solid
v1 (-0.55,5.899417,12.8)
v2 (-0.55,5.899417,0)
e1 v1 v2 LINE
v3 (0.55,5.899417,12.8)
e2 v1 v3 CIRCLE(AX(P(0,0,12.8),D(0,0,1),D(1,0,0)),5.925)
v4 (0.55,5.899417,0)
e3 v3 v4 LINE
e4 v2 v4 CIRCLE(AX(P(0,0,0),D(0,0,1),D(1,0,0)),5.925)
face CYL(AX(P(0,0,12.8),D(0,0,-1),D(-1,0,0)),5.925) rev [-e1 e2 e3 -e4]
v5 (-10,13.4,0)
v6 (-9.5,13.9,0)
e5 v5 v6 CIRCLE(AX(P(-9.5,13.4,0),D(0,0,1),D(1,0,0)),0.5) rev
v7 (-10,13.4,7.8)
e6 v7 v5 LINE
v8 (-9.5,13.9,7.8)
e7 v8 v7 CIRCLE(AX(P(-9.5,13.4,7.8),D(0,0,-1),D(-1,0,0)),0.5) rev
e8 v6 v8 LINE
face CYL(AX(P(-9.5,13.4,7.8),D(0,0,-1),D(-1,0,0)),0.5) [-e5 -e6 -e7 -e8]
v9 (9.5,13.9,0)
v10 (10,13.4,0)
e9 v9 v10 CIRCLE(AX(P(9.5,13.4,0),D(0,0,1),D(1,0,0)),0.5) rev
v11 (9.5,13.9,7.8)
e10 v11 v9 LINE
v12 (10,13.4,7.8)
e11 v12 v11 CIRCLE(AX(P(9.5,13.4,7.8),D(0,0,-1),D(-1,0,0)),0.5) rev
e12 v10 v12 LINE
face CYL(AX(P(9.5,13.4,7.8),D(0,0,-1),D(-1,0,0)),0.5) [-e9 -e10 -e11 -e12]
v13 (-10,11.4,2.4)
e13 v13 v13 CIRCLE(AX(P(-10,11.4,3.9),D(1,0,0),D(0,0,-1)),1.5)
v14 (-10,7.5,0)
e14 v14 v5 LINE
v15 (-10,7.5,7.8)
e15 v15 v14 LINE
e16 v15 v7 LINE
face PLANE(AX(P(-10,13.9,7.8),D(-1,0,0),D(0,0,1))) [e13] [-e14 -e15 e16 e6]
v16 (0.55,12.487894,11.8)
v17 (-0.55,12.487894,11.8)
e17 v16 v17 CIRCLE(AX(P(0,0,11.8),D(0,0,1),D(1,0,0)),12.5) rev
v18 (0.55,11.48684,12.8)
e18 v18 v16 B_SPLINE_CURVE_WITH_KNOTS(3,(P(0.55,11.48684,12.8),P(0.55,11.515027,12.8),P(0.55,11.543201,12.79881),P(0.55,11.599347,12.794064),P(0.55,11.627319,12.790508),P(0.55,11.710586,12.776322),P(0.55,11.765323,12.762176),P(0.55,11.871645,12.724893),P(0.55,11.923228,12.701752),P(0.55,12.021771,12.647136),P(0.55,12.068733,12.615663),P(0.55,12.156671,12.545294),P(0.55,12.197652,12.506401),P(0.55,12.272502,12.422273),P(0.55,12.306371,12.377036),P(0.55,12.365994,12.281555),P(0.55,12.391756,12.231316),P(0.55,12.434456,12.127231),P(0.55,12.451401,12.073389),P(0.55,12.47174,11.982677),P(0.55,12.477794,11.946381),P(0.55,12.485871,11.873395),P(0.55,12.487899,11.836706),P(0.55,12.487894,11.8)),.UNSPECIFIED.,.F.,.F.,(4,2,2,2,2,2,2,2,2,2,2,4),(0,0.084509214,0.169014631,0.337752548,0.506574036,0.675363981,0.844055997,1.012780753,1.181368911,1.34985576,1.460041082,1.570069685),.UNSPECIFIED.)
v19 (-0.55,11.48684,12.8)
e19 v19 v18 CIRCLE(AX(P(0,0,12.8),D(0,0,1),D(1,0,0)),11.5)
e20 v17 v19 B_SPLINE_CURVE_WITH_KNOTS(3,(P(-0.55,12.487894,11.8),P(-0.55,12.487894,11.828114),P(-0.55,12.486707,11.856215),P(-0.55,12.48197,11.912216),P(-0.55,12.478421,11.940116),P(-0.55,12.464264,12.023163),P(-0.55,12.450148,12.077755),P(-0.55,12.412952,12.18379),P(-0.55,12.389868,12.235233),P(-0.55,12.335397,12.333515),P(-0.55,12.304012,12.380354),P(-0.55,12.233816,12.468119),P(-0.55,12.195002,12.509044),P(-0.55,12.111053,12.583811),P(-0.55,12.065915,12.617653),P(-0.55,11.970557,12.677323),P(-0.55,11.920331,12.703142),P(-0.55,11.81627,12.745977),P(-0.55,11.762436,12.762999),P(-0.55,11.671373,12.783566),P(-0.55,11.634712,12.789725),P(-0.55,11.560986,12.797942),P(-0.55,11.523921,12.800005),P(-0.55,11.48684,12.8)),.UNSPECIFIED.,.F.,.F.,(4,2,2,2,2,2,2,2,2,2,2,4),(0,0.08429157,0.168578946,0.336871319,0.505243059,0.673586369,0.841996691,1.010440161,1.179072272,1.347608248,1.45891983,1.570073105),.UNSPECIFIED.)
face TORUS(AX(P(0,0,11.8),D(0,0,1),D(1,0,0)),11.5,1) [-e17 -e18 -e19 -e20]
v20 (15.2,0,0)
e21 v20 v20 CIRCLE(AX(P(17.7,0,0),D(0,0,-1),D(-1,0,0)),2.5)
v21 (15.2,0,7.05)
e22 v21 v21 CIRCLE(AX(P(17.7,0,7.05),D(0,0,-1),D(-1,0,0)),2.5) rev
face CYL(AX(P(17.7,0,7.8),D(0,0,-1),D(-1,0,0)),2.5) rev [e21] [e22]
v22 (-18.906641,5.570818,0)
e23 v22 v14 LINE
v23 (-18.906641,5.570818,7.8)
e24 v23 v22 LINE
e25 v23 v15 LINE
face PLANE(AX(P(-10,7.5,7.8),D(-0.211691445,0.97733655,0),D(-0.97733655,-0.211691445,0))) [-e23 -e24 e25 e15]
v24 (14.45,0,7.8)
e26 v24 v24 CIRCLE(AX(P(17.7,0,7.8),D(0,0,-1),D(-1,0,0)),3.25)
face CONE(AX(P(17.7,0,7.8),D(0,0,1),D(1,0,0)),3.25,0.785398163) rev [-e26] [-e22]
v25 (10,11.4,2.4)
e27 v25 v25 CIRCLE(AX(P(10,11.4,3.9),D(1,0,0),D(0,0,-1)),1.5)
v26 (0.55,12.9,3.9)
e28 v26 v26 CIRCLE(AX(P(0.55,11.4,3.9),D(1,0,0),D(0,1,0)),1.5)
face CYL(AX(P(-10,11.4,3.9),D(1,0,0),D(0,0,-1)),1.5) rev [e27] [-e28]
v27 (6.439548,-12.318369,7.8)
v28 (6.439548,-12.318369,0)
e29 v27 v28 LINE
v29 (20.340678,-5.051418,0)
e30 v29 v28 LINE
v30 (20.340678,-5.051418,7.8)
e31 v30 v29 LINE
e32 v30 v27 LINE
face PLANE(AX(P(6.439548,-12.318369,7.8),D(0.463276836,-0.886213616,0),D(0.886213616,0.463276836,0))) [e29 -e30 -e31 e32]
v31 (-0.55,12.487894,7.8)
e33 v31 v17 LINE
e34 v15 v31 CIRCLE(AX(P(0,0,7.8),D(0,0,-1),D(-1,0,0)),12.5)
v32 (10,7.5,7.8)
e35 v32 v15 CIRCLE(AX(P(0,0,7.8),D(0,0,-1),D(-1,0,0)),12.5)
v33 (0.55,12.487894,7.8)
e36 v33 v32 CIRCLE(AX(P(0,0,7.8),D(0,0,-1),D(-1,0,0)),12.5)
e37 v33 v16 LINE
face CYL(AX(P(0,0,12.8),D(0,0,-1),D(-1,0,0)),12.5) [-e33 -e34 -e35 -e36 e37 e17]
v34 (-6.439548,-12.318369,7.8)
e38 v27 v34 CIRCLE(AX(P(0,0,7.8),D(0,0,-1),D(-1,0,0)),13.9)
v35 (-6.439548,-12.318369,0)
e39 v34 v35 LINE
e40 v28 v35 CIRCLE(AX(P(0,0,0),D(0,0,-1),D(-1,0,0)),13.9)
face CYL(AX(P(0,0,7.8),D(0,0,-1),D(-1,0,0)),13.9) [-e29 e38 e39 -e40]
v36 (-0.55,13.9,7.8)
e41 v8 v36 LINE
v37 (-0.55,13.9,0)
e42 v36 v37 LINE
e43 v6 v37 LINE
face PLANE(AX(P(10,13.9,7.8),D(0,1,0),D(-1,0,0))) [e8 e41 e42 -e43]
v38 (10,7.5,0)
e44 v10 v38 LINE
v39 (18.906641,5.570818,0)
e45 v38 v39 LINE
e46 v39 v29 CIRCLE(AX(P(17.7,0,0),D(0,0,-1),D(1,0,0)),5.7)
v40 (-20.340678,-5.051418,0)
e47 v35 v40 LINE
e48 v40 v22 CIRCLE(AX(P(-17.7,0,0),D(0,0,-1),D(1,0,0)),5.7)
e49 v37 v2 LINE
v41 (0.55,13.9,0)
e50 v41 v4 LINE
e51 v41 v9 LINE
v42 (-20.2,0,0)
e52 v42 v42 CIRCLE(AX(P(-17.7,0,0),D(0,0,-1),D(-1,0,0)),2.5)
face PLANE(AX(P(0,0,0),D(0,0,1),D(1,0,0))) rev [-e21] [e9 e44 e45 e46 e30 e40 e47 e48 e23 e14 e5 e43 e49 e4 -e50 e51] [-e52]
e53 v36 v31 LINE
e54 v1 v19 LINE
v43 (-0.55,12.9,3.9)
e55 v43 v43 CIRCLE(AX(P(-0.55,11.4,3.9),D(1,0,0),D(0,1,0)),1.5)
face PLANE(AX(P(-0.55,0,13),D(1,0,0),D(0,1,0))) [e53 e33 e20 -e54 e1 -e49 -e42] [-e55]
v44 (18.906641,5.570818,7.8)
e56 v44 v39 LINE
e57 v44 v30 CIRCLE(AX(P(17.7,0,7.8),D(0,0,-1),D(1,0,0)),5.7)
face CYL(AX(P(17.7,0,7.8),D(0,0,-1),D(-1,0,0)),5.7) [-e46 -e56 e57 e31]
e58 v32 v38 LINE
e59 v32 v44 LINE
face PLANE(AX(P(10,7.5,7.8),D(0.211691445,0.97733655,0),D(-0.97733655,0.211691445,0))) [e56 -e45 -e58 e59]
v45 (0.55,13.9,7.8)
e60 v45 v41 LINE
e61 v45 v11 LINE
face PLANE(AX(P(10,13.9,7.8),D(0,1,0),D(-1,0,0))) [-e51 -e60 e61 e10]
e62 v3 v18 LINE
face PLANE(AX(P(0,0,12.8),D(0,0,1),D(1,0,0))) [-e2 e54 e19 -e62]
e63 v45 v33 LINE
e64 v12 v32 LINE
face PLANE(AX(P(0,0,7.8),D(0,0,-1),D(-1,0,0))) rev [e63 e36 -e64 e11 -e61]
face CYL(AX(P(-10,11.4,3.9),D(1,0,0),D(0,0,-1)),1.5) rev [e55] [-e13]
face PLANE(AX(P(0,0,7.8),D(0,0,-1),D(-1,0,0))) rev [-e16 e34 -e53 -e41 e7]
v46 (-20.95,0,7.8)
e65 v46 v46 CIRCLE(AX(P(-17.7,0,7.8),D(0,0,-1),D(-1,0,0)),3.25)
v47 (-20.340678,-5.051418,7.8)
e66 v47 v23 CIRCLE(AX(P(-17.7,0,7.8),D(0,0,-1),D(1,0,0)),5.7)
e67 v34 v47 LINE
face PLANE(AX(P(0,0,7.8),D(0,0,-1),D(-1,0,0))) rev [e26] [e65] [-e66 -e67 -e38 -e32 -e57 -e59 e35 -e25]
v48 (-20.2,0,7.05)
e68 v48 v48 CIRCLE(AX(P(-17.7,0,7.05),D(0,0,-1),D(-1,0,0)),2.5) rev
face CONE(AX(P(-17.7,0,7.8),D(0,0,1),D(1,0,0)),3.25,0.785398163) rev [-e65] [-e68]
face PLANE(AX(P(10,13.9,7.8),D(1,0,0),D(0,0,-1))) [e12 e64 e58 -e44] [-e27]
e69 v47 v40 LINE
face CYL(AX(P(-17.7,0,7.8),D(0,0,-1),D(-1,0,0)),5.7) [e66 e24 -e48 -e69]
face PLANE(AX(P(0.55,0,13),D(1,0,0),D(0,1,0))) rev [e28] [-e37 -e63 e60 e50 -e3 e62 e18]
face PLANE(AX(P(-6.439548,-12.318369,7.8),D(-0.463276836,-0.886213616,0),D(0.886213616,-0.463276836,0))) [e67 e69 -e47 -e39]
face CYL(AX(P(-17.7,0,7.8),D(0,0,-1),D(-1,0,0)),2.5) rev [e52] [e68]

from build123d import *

# Parameters (mm, degrees)
CROQUIS1_R              = 12.5
CROQUIS1_R_2            = 5.925
SALIENTE_EXTRUIR1_DEPTH = 12.8
CROQUIS2_R              = 5.925
SALIENTE_EXTRUIR2_DEPTH = 7.8
CROQUIS3_R              = 2.5
CORTAR_EXTRUIR1_DEPTH   = 7.8
CORTAR_EXTRUIR2_DEPTH   = 13
REDONDEO1_R             = 1
CORTAR_EXTRUIR3_START   = -20
CROQUIS5_R              = 1.5
CORTAR_EXTRUIR3_DEPTH   = 20
REDONDEO2_R             = 0.5
CHAFL_N1_SIZE           = 0.75


with BuildPart() as part:
    # Croquis1 → Saliente-Extruir1 (new body)
    with BuildSketch(Plane.XY):
        Circle(CROQUIS1_R)
        Circle(CROQUIS1_R_2, mode=Mode.SUBTRACT)
    extrude(amount=SALIENTE_EXTRUIR1_DEPTH)

    # Croquis2 → Saliente-Extruir2 (add)
    with BuildSketch(Plane(origin=(0, 0, 0), x_dir=(-1, 0, 0), z_dir=(0, 0, -1))):
        with BuildLine():
            Line((-6.439548023, -12.318369262), (-20.340677966, -5.051417611))
            ThreePointArc((-20.340677966, -5.051417611), (-23.348755649, 0.76260056), (-18.906641236, 5.570818336))
            Line((-18.906641236, 5.570818336), (-10, 7.5))
            Line((-10, 7.5), (-10, 13.9))
            Line((-10, 13.9), (10, 13.9))
            Line((10, 13.9), (10, 7.5))
            Line((10, 7.5), (18.906641236, 5.570818336))
            ThreePointArc((18.906641236, 5.570818336), (23.348755649, 0.76260056), (20.340677966, -5.051417611))
            Line((20.340677966, -5.051417611), (6.439548023, -12.318369262))
            ThreePointArc((6.439548023, -12.318369262), (0, -13.9), (-6.439548023, -12.318369262))
        make_face()
        Circle(CROQUIS2_R, mode=Mode.SUBTRACT)
    extrude(amount=-SALIENTE_EXTRUIR2_DEPTH)

    # Croquis3 → Cortar-Extruir1 (cut)
    with BuildSketch(Plane(origin=(0, 0, 0), x_dir=(-1, 0, 0), z_dir=(0, 0, -1))):
        with Locations((-17.7, 0)):
            Circle(CROQUIS3_R)
        with Locations((17.7, 0)):
            Circle(CROQUIS3_R)
    extrude(amount=-CORTAR_EXTRUIR1_DEPTH, mode=Mode.SUBTRACT)

    # Croquis4 → Cortar-Extruir2 (cut)
    with BuildSketch(Plane(origin=(0, 0, 0), x_dir=(-1, 0, 0), z_dir=(0, 0, -1))):
        with BuildLine():
            Line((0.55, 13.9), (-0.55, 13.9))
            Line((-0.55, 13.9), (-0.55, 5.899417344))
            ThreePointArc((-0.55, 5.899417344), (0, 5.925), (0.55, 5.899417344))
            Line((0.55, 5.899417344), (0.55, 13.9))
        make_face()
    extrude(amount=-CORTAR_EXTRUIR2_DEPTH, mode=Mode.SUBTRACT)

    # Redondeo1
    redondeo1_edges = [part.edges().sort_by_distance(p)[0] for p in [
        (0, -12.5, 12.8),
    ]]
    fillet(redondeo1_edges, radius=REDONDEO1_R)

    # Croquis5 → Cortar-Extruir3 (cut)
    with BuildSketch(Plane(origin=(10, 0, 0), x_dir=(0, 0, -1), z_dir=(1, 0, 0)).offset(CORTAR_EXTRUIR3_START)):
        with Locations((-3.9, 11.4)):
            Circle(CROQUIS5_R)
    extrude(amount=CORTAR_EXTRUIR3_DEPTH, mode=Mode.SUBTRACT)

    # Redondeo2
    redondeo2_edges = [part.edges().sort_by_distance(p)[0] for p in [
        (10, 13.9, 3.9),
        (-10, 13.9, 3.9),
    ]]
    fillet(redondeo2_edges, radius=REDONDEO2_R)

    # Chaflán1
    chafl_n1_edges = [part.edges().sort_by_distance(p)[0] for p in [
        (20.2, 0, 7.8),
        (-15.2, 0, 7.8),
    ]]
    chamfer(chafl_n1_edges, length=CHAFL_N1_SIZE)


solid = part.part
